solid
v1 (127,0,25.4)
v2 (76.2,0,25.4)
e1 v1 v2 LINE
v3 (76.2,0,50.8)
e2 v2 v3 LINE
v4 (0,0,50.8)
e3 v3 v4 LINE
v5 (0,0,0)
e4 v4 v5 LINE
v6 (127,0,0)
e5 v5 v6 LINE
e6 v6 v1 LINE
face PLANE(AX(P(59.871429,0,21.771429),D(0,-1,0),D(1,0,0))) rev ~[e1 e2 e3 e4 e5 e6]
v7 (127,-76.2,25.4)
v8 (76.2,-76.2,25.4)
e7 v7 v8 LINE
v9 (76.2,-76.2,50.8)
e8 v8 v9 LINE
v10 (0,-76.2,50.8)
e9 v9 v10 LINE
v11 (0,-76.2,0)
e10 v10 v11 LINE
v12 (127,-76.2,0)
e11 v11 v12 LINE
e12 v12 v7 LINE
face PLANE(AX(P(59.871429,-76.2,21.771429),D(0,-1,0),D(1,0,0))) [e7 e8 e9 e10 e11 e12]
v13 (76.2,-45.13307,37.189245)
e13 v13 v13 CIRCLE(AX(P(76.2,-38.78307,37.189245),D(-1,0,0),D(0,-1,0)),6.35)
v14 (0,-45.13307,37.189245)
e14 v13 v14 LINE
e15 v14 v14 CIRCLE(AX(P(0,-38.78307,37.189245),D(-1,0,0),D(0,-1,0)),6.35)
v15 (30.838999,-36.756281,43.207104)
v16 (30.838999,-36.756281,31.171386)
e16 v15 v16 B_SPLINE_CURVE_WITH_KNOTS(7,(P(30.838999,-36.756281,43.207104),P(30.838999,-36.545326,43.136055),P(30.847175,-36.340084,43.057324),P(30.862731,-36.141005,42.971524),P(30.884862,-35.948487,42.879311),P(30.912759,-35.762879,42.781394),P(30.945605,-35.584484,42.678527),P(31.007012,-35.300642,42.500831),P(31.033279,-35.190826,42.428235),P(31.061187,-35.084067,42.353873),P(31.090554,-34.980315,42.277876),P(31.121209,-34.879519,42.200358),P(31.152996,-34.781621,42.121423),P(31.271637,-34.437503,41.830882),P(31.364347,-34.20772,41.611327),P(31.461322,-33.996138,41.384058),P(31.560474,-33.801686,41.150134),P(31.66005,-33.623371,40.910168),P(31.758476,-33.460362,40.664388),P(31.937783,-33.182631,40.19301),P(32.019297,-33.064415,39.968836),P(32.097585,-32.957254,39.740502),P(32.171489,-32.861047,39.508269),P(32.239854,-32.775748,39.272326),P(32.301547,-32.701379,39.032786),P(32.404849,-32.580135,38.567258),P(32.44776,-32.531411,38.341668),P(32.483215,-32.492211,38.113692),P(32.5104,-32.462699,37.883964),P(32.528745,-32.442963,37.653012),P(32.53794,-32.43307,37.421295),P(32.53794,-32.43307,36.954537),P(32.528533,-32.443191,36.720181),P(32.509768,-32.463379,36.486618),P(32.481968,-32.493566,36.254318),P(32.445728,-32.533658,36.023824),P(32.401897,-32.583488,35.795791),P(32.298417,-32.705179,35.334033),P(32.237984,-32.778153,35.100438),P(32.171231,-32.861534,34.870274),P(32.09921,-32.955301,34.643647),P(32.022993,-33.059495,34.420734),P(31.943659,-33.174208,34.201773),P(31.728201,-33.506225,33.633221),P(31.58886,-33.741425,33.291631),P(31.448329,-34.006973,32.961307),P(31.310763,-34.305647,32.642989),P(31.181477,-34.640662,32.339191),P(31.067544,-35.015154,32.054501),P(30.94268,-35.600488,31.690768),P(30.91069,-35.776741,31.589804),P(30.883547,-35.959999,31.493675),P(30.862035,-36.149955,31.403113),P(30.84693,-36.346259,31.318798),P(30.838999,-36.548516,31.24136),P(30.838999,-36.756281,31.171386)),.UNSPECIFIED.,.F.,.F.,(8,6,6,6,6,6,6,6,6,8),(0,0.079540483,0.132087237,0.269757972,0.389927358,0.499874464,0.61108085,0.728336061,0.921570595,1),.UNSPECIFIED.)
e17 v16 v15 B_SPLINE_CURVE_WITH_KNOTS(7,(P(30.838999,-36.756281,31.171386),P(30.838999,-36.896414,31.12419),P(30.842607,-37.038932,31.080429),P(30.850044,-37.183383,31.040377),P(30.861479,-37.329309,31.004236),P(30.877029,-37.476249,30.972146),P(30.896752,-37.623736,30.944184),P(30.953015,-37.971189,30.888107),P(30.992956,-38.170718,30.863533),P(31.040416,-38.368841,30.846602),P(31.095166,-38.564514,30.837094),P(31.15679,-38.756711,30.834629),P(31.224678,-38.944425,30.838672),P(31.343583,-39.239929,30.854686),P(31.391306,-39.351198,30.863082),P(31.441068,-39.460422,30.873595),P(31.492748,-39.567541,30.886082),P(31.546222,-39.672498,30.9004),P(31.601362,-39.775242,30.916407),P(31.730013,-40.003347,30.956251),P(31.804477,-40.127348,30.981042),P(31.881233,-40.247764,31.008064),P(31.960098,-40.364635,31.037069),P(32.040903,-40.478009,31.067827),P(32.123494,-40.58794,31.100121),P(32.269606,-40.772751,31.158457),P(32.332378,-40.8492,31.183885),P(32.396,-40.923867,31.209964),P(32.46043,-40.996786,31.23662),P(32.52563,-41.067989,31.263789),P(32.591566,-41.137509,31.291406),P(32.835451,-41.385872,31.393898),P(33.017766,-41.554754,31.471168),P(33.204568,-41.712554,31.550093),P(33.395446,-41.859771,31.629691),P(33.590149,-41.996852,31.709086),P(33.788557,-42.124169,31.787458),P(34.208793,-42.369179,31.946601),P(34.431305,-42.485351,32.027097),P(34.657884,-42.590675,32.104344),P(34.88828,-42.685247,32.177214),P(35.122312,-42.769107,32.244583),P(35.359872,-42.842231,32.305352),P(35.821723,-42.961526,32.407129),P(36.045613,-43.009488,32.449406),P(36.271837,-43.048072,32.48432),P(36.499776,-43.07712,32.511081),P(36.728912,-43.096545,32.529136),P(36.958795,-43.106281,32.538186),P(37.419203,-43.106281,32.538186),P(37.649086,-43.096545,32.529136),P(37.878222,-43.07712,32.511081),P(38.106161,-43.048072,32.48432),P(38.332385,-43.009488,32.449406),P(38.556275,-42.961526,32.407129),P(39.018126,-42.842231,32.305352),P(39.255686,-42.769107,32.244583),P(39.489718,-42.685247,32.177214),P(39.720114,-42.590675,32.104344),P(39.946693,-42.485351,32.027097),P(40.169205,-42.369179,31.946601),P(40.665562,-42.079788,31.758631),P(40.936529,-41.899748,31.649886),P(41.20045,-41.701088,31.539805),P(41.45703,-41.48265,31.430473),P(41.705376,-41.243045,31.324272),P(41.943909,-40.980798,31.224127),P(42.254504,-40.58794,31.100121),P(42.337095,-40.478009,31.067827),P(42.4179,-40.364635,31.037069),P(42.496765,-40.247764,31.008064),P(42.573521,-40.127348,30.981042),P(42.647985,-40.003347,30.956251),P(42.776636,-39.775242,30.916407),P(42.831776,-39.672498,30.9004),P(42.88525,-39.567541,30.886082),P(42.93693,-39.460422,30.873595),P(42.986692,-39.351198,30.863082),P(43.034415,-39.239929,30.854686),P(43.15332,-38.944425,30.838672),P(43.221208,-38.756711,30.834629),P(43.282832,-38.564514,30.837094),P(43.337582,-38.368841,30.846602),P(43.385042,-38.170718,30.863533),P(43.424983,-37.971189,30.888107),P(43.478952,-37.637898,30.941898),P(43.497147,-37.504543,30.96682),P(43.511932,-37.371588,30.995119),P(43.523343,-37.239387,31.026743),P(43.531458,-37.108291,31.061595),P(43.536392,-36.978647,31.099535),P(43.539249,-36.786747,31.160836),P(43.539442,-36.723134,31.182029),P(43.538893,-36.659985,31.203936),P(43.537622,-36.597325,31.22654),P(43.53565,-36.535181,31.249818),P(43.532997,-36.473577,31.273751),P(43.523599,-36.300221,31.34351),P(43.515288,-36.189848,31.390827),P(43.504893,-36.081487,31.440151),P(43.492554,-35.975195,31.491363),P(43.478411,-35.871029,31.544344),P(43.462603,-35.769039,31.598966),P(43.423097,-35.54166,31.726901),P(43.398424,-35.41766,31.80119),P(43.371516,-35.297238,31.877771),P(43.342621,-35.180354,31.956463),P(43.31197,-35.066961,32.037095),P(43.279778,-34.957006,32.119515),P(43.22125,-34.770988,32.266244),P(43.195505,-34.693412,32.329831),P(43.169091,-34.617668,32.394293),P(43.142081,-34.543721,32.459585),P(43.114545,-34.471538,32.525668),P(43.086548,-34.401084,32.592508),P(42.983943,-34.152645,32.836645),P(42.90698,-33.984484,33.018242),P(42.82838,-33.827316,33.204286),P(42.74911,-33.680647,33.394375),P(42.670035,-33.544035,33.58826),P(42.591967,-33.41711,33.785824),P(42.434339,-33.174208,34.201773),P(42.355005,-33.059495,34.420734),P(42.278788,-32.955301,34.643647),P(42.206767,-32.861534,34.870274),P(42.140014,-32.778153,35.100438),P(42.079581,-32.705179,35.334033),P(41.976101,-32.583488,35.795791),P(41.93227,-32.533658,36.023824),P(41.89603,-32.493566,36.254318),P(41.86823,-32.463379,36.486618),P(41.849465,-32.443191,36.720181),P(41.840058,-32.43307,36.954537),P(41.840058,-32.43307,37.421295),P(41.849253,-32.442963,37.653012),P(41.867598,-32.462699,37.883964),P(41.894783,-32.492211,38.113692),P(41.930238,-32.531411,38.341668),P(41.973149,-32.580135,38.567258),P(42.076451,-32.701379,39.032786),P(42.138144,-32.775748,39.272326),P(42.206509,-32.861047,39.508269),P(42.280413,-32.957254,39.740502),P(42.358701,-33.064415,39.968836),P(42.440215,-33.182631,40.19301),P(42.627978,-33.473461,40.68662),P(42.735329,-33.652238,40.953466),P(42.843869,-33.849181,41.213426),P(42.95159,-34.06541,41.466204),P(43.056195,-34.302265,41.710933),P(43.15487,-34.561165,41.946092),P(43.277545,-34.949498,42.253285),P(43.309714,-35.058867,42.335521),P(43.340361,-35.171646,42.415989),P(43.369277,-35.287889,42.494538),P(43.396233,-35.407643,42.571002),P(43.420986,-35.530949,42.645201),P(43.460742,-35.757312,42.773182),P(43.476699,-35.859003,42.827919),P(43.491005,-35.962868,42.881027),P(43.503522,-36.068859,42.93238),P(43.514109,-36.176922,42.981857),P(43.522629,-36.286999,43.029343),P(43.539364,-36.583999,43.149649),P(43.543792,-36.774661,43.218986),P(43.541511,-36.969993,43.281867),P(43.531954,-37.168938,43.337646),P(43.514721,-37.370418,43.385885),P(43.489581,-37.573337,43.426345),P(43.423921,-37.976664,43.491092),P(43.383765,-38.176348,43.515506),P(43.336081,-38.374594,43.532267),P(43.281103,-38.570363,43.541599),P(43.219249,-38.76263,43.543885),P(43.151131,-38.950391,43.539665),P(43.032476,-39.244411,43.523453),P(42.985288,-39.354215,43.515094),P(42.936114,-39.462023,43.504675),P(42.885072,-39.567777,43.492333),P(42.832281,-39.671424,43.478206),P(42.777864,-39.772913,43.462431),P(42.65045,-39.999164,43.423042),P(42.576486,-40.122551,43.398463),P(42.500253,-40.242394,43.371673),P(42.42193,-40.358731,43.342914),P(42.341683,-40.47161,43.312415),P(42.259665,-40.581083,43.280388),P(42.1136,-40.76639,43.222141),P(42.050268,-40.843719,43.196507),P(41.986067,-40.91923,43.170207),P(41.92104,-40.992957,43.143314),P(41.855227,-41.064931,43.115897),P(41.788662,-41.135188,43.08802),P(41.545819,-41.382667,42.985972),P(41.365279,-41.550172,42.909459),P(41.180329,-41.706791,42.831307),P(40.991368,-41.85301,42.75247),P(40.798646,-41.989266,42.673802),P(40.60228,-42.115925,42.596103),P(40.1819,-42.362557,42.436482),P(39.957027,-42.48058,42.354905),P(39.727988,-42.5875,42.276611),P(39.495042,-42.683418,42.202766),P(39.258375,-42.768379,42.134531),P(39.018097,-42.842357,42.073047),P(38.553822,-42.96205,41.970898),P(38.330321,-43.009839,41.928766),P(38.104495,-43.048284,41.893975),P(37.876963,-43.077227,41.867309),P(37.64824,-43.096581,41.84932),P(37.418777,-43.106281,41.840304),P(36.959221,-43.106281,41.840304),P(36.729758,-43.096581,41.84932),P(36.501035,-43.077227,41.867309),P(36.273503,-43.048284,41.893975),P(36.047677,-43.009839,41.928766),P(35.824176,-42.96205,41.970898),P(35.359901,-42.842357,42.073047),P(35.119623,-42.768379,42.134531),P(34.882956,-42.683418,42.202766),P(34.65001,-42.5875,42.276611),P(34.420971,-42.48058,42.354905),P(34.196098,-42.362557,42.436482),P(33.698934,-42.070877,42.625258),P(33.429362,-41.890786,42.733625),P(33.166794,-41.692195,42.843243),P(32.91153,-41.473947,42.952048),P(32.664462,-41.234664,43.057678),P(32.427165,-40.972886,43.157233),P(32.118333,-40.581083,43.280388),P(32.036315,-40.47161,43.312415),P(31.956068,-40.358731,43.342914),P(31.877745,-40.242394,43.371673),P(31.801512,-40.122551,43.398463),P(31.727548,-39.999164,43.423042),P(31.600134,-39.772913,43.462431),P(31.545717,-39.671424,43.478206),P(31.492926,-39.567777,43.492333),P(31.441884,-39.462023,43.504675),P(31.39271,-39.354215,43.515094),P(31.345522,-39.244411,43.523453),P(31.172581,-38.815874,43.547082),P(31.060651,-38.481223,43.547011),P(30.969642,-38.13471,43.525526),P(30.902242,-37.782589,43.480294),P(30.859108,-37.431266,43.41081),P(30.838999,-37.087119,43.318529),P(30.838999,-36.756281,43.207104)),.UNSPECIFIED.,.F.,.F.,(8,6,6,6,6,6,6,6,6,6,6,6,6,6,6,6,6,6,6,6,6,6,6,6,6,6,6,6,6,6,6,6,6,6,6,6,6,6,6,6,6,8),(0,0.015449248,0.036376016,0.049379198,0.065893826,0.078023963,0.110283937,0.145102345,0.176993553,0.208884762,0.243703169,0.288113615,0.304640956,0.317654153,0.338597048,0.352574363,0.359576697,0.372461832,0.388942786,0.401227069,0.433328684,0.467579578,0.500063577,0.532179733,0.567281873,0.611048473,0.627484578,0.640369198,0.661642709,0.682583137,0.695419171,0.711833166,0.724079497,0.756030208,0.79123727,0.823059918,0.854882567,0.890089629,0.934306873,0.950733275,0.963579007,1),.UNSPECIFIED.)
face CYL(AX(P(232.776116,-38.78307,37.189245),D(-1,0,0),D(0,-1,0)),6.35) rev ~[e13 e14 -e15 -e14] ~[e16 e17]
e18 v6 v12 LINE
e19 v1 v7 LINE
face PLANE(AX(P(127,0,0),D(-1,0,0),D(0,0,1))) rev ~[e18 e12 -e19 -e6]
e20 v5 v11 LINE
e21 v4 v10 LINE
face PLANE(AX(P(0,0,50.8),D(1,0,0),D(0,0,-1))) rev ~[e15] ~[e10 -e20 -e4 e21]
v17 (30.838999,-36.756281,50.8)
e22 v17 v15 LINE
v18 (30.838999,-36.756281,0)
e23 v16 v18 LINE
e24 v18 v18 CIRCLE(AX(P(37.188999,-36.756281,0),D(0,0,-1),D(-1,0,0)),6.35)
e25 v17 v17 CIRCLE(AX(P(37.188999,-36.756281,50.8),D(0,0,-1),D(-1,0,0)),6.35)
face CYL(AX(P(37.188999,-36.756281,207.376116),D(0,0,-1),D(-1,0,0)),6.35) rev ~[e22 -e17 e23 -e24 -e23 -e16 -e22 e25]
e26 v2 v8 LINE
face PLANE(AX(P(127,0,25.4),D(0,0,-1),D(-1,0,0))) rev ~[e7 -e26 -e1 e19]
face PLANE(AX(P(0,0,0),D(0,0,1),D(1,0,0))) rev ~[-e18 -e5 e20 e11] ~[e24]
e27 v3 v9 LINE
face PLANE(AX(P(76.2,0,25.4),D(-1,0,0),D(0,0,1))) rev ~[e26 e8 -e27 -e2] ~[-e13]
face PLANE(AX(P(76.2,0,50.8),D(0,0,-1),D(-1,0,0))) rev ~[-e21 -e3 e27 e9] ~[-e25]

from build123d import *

# Parameters (mm, degrees)
F1_DEPTH = 76.2
F3_D     = 12.7
F5_D     = 12.7


with BuildPart() as f1:
    # F0 (on Front) → F1 (new body)
    with BuildSketch(Plane.XZ):
        Polygon((0, 50.8), (0, 0), (127, 0), (127, 25.4), (76.2, 25.4), (76.2, 50.8), align=None)
    extrude(amount=F1_DEPTH)

    # F3 (through all)
    with Locations(Plane.YZ.offset(76.2)):
        with Locations((-38.78307, 37.189245)):
            Hole(F3_D / 2)

    # F5 (through all)
    with Locations(Plane.XY.offset(50.8)):
        with Locations((37.188999, -36.756281)):
            Hole(F5_D / 2)


solid = f1.part
